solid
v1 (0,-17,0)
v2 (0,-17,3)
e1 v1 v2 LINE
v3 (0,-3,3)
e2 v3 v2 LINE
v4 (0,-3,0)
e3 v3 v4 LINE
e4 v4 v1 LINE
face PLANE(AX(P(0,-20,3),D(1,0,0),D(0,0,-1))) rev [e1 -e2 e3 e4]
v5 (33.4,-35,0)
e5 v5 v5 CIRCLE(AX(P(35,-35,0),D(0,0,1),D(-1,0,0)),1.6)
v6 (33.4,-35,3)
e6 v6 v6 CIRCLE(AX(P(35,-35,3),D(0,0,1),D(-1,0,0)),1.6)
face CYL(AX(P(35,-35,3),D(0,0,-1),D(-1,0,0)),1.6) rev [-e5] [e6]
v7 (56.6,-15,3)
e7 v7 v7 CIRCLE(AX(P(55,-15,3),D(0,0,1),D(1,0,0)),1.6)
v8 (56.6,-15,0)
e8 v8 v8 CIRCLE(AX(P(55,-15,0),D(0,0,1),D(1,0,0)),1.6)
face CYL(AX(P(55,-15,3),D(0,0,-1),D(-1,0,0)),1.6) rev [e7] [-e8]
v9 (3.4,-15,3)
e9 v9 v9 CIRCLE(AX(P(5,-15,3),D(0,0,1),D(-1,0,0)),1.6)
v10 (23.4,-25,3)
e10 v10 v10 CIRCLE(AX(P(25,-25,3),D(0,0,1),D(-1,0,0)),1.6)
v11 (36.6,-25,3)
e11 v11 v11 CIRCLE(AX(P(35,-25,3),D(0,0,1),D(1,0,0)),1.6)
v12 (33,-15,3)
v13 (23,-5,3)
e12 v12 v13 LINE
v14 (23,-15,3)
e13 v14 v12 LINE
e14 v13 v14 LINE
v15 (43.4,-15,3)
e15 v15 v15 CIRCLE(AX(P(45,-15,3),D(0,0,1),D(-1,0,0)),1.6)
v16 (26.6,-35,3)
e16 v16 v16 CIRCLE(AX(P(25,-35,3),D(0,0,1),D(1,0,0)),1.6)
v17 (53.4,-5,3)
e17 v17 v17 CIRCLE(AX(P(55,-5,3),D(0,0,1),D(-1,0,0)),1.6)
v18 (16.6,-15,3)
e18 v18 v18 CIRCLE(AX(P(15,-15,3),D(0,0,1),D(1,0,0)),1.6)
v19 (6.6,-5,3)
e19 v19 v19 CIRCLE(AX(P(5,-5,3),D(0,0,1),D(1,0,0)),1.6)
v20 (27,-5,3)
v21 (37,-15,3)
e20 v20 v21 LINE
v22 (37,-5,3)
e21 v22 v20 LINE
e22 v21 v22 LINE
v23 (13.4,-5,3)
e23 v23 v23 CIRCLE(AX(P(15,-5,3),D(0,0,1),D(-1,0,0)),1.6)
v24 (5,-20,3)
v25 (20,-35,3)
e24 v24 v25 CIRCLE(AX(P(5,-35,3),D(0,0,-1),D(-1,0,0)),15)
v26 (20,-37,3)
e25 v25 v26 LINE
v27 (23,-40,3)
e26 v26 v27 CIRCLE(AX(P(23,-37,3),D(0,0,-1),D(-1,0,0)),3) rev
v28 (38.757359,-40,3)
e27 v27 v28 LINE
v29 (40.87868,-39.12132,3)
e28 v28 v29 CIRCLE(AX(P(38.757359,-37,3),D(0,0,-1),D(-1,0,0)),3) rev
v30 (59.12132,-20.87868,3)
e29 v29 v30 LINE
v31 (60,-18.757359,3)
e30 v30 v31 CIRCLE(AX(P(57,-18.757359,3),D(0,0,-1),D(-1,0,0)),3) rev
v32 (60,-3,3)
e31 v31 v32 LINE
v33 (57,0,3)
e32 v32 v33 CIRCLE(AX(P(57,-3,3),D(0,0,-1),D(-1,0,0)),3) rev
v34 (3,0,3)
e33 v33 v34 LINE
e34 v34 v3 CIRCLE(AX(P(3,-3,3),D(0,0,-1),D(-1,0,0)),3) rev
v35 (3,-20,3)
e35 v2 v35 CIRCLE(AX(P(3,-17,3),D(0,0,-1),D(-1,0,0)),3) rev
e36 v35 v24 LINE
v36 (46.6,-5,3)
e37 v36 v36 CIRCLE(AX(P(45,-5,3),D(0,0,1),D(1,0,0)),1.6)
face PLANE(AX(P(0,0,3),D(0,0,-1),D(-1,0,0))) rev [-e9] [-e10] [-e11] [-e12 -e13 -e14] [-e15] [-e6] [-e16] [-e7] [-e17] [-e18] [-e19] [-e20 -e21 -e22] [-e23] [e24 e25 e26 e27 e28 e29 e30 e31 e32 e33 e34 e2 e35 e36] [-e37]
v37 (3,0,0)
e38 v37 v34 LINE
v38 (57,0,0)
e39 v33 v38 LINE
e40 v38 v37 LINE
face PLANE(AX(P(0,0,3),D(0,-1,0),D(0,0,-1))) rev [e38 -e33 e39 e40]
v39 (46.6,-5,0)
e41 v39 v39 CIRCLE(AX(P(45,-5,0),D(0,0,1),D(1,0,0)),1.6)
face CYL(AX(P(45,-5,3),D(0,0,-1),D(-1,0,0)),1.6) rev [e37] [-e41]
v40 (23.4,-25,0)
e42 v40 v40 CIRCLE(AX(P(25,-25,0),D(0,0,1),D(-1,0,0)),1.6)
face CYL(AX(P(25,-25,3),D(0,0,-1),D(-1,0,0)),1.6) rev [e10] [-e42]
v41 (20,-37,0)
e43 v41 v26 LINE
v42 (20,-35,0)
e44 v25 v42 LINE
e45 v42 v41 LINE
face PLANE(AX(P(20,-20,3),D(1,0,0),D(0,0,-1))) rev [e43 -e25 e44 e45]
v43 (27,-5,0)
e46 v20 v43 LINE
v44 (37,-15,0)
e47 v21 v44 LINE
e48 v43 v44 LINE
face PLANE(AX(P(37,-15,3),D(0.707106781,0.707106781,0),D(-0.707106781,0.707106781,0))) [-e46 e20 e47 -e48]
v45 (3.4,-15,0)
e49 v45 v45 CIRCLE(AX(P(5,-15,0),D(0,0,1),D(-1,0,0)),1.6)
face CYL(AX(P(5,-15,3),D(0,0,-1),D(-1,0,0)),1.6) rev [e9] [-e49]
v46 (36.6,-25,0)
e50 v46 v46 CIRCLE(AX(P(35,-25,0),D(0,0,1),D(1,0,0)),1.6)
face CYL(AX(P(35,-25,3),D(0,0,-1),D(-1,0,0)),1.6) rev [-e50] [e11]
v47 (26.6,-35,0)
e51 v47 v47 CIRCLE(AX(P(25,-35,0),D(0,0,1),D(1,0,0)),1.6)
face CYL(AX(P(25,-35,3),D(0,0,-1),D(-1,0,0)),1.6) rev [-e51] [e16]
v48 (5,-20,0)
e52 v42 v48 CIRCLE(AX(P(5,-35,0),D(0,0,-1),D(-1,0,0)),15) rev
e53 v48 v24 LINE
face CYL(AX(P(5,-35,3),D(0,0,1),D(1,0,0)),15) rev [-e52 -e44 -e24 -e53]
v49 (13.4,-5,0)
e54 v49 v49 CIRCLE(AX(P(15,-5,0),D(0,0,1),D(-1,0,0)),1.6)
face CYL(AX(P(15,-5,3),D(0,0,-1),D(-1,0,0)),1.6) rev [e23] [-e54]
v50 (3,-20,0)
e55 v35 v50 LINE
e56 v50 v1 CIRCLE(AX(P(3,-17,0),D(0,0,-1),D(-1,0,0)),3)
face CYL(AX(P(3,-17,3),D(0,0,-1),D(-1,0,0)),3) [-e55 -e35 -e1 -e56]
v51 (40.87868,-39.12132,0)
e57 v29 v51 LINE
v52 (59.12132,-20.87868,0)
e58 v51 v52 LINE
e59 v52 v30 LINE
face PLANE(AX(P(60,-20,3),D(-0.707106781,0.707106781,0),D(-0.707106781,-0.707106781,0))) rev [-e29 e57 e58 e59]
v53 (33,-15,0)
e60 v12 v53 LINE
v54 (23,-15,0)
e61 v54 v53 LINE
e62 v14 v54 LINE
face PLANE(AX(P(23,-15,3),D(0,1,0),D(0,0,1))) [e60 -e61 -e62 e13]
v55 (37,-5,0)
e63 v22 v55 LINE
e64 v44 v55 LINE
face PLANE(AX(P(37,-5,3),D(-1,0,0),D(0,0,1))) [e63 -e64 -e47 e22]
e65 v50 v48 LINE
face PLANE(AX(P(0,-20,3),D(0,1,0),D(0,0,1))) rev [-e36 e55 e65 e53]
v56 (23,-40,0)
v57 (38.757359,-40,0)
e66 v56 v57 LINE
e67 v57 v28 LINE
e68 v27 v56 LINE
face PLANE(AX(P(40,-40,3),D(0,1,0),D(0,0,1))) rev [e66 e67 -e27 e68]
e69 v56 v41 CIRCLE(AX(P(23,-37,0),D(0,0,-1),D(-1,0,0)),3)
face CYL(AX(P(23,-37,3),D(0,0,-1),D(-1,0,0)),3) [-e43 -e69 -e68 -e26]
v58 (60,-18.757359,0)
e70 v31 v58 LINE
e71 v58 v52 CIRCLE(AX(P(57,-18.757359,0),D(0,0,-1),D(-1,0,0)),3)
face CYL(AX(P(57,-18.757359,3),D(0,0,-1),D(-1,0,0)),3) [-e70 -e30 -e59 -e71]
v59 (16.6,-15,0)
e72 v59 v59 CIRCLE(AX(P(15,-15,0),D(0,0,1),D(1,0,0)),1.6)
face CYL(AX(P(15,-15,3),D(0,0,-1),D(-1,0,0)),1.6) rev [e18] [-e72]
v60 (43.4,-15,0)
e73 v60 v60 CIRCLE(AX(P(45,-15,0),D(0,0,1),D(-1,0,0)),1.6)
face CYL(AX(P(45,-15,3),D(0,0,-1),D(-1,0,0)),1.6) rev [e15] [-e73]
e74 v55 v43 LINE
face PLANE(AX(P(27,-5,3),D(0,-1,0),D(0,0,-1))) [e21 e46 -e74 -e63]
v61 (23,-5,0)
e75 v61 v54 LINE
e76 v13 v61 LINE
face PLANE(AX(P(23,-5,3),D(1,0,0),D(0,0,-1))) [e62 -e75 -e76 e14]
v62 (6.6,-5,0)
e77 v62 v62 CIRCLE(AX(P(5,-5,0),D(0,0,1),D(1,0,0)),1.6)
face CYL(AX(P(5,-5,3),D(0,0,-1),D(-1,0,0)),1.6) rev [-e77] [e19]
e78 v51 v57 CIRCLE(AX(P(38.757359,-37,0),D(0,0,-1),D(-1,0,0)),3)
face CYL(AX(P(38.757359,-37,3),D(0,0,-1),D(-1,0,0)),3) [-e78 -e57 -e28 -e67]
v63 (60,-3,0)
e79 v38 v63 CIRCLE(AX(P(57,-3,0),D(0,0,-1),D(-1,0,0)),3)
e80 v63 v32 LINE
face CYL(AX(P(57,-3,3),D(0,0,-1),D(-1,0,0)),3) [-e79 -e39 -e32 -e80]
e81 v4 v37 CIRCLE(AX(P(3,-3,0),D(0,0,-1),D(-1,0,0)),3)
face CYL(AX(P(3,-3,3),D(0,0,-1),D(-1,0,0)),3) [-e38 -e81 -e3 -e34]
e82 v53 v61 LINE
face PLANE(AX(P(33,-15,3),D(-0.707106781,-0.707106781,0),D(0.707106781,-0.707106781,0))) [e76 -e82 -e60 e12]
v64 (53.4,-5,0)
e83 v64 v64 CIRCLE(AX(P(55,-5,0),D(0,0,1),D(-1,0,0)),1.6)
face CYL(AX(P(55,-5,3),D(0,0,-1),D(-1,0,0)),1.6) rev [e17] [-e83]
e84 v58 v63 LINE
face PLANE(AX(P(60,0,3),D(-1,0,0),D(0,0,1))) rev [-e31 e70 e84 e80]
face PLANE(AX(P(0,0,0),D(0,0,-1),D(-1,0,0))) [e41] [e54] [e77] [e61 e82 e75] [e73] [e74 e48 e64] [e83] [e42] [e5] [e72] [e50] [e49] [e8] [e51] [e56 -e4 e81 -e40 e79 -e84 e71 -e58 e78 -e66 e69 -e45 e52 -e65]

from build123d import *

# Parameters (mm, degrees)
SKETCH_1_R      = 1.6
EXTRUDE_1_DEPTH = 3
FILLET_1_R      = 3
FILLET_2_R      = 15


with BuildPart() as part:
    # 草图1 → 凸台-拉伸1 (new body)
    with BuildSketch(Plane.XY):
        Polygon((0, 0), (60, 0), (60, -20), (40, -40), (20, -40), (20, -20), (0, -20), align=None)
        with Locations((5, -5)):
            Circle(SKETCH_1_R, mode=Mode.SUBTRACT)
        with Locations(Location((15, -5, 0), (0, 0, 180))):
            Circle(SKETCH_1_R, mode=Mode.SUBTRACT)
        with Locations((15, -15)):
            Circle(SKETCH_1_R, mode=Mode.SUBTRACT)
        with Locations(Location((5, -15, 0), (0, 0, 180))):
            Circle(SKETCH_1_R, mode=Mode.SUBTRACT)
        with Locations((55, -15)):
            Circle(SKETCH_1_R, mode=Mode.SUBTRACT)
        with Locations(Location((45, -15, 0), (0, 0, 180))):
            Circle(SKETCH_1_R, mode=Mode.SUBTRACT)
        with Locations((45, -5)):
            Circle(SKETCH_1_R, mode=Mode.SUBTRACT)
        with Locations(Location((55, -5, 0), (0, 0, 180))):
            Circle(SKETCH_1_R, mode=Mode.SUBTRACT)
        with Locations((25, -35)):
            Circle(SKETCH_1_R, mode=Mode.SUBTRACT)
        with Locations(Location((35, -35, 0), (0, 0, 180))):
            Circle(SKETCH_1_R, mode=Mode.SUBTRACT)
        with Locations((35, -25)):
            Circle(SKETCH_1_R, mode=Mode.SUBTRACT)
        with Locations(Location((25, -25, 0), (0, 0, 180))):
            Circle(SKETCH_1_R, mode=Mode.SUBTRACT)
        Polygon((23, -5), (23, -15), (33, -15), align=None, mode=Mode.SUBTRACT)
        Polygon((27, -5), (37, -5), (37, -15), align=None, mode=Mode.SUBTRACT)
    extrude(amount=EXTRUDE_1_DEPTH)

    # 圆角1
    fillet_1_edges = [part.edges().sort_by_distance(p)[0] for p in [
        (0, 0, 1.5),
        (60, 0, 1.5),
        (60, -20, 1.5),
        (40, -40, 1.5),
        (20, -40, 1.5),
        (0, -20, 1.5),
    ]]
    fillet(fillet_1_edges, radius=FILLET_1_R)

    # 圆角2
    fillet_2_edges = [part.edges().sort_by_distance(p)[0] for p in [
        (20, -20, 1.5),
    ]]
    fillet(fillet_2_edges, radius=FILLET_2_R)


solid = part.part
